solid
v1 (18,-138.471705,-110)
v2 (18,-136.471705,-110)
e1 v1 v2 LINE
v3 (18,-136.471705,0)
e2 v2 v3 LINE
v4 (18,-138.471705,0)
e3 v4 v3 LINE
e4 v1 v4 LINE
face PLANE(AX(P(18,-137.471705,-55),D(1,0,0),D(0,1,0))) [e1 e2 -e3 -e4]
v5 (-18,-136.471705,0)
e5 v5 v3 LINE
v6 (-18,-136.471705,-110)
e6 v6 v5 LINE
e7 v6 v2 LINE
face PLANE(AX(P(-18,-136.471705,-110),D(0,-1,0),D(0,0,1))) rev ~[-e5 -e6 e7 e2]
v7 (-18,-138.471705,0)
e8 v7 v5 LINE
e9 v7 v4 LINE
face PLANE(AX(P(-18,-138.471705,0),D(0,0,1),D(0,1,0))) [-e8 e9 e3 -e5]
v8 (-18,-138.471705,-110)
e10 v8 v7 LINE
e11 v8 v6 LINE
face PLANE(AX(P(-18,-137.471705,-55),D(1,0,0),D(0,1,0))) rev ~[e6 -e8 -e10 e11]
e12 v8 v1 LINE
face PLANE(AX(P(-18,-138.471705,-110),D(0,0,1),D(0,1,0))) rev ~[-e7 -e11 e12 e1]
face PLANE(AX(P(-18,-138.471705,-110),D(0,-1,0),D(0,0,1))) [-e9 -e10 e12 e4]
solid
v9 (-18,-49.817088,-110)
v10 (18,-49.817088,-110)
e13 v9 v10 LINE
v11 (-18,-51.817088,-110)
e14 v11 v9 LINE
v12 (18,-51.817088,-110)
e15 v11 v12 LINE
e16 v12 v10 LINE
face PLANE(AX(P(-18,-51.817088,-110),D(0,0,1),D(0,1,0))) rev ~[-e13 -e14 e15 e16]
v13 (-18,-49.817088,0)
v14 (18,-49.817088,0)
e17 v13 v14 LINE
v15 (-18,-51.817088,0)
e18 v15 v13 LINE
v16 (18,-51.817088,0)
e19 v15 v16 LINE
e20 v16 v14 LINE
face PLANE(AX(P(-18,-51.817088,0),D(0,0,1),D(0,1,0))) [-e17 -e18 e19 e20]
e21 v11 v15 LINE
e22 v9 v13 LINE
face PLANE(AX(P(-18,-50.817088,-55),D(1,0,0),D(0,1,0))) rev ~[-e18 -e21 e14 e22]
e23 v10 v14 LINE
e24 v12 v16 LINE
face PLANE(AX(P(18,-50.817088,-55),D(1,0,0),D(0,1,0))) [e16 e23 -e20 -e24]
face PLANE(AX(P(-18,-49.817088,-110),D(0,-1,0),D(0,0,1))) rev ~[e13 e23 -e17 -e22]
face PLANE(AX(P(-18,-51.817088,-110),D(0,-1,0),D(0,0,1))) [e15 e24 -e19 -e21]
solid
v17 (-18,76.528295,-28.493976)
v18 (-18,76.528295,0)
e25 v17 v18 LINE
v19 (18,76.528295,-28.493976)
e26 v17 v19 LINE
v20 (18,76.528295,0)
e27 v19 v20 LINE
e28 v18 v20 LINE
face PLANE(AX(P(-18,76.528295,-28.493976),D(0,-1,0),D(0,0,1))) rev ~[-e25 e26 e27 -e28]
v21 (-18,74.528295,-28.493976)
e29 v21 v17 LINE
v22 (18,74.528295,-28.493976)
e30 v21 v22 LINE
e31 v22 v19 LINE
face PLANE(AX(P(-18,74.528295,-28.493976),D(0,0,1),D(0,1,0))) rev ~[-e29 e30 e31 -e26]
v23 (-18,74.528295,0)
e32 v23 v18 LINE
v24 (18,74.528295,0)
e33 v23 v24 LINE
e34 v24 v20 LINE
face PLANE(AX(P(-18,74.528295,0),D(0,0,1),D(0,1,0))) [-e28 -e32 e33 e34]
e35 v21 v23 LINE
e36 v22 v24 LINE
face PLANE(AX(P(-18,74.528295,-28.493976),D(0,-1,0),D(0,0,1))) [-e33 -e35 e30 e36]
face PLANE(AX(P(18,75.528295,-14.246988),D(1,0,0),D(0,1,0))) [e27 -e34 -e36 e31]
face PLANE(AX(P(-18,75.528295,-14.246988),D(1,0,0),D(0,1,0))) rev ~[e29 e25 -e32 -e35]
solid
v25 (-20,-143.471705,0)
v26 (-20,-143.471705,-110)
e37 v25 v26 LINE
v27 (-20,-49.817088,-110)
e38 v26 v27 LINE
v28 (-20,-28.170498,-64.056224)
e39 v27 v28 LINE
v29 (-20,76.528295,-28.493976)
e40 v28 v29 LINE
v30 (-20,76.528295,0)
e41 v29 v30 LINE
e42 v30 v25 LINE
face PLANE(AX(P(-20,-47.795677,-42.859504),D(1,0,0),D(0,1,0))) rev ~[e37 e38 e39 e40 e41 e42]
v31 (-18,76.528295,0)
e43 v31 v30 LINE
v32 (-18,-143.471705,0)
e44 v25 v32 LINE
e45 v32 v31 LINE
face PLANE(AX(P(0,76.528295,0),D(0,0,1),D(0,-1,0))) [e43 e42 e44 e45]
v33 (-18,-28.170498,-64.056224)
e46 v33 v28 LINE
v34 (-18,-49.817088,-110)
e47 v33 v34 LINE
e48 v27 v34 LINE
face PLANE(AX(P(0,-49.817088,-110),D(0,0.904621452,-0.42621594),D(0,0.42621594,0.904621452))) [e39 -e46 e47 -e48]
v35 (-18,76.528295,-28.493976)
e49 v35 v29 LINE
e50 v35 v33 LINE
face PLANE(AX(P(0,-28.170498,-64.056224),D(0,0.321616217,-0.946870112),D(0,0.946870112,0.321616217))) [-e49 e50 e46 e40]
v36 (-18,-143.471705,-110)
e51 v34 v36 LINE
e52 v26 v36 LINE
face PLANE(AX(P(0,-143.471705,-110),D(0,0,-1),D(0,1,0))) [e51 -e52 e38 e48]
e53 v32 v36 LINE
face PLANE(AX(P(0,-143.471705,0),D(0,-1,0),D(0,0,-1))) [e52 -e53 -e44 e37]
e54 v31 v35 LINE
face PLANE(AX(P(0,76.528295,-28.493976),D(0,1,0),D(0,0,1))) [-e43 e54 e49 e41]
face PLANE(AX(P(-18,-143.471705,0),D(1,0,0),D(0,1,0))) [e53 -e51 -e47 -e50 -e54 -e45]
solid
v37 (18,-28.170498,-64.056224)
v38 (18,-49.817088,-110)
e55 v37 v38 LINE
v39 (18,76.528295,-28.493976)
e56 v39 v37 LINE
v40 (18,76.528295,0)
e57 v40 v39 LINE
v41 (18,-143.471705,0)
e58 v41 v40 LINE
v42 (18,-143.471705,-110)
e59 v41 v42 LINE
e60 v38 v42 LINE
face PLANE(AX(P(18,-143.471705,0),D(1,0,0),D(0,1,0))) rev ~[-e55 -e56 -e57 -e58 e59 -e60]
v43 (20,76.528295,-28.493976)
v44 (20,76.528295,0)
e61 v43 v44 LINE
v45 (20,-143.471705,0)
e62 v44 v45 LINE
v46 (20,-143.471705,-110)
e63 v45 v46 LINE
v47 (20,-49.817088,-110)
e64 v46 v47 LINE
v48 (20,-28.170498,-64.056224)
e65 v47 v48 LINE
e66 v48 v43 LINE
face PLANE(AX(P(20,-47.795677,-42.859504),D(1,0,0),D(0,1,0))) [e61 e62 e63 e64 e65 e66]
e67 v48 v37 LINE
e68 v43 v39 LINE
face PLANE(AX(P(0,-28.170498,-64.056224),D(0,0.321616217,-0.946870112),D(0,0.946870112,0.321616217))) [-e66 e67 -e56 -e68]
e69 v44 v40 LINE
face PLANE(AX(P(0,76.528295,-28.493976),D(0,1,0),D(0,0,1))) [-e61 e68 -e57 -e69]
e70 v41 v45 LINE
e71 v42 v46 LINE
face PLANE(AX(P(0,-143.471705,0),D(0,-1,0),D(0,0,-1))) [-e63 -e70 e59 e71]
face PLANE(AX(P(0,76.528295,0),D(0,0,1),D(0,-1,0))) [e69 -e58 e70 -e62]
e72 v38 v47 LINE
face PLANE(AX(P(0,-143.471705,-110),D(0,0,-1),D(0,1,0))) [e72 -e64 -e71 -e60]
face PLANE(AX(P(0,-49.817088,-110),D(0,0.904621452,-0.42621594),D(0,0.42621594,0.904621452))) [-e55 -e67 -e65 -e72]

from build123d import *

# Parameters (mm, degrees)
F1_DEPTH = 20
F2_W     = 36
F2_H     = 220
F3_DEPTH = 157
F4_W     = 2
F4_H     = 110
F4_H_2   = 28.493976
F5_DEPTH = 36


with BuildPart() as f1:
    # F0 (on Right) → F1 (new body, symmetric)
    with BuildSketch(Plane.YZ):
        Polygon((76.528295, 0), (-143.471705, 0), (-143.471705, -110), (-49.817088, -110), (-28.170498, -64.056224), (76.528295, -28.493976), align=None)
    extrude(amount=F1_DEPTH, both=True)

    # F2 (on face) → F3 (cut)
    with BuildSketch(Plane.XY):
        with Locations((0, -33.471705)):
            Rectangle(F2_W, F2_H)
    extrude(amount=-F3_DEPTH, mode=Mode.SUBTRACT)


with BuildPart() as f5:
    # F4 (on face) → F5 (new body, through all)
    with BuildSketch(Plane.YZ.offset(-18)):
        with Locations((-137.471705, -55)):
            Rectangle(F4_W, F4_H)
        with Locations((-50.817088, -55)):
            Rectangle(F4_W, F4_H)
        with Locations((75.528295, -14.246988)):
            Rectangle(F4_W, F4_H_2)
    extrude(amount=F5_DEPTH)


solid = Compound([f1.part, f5.part])
